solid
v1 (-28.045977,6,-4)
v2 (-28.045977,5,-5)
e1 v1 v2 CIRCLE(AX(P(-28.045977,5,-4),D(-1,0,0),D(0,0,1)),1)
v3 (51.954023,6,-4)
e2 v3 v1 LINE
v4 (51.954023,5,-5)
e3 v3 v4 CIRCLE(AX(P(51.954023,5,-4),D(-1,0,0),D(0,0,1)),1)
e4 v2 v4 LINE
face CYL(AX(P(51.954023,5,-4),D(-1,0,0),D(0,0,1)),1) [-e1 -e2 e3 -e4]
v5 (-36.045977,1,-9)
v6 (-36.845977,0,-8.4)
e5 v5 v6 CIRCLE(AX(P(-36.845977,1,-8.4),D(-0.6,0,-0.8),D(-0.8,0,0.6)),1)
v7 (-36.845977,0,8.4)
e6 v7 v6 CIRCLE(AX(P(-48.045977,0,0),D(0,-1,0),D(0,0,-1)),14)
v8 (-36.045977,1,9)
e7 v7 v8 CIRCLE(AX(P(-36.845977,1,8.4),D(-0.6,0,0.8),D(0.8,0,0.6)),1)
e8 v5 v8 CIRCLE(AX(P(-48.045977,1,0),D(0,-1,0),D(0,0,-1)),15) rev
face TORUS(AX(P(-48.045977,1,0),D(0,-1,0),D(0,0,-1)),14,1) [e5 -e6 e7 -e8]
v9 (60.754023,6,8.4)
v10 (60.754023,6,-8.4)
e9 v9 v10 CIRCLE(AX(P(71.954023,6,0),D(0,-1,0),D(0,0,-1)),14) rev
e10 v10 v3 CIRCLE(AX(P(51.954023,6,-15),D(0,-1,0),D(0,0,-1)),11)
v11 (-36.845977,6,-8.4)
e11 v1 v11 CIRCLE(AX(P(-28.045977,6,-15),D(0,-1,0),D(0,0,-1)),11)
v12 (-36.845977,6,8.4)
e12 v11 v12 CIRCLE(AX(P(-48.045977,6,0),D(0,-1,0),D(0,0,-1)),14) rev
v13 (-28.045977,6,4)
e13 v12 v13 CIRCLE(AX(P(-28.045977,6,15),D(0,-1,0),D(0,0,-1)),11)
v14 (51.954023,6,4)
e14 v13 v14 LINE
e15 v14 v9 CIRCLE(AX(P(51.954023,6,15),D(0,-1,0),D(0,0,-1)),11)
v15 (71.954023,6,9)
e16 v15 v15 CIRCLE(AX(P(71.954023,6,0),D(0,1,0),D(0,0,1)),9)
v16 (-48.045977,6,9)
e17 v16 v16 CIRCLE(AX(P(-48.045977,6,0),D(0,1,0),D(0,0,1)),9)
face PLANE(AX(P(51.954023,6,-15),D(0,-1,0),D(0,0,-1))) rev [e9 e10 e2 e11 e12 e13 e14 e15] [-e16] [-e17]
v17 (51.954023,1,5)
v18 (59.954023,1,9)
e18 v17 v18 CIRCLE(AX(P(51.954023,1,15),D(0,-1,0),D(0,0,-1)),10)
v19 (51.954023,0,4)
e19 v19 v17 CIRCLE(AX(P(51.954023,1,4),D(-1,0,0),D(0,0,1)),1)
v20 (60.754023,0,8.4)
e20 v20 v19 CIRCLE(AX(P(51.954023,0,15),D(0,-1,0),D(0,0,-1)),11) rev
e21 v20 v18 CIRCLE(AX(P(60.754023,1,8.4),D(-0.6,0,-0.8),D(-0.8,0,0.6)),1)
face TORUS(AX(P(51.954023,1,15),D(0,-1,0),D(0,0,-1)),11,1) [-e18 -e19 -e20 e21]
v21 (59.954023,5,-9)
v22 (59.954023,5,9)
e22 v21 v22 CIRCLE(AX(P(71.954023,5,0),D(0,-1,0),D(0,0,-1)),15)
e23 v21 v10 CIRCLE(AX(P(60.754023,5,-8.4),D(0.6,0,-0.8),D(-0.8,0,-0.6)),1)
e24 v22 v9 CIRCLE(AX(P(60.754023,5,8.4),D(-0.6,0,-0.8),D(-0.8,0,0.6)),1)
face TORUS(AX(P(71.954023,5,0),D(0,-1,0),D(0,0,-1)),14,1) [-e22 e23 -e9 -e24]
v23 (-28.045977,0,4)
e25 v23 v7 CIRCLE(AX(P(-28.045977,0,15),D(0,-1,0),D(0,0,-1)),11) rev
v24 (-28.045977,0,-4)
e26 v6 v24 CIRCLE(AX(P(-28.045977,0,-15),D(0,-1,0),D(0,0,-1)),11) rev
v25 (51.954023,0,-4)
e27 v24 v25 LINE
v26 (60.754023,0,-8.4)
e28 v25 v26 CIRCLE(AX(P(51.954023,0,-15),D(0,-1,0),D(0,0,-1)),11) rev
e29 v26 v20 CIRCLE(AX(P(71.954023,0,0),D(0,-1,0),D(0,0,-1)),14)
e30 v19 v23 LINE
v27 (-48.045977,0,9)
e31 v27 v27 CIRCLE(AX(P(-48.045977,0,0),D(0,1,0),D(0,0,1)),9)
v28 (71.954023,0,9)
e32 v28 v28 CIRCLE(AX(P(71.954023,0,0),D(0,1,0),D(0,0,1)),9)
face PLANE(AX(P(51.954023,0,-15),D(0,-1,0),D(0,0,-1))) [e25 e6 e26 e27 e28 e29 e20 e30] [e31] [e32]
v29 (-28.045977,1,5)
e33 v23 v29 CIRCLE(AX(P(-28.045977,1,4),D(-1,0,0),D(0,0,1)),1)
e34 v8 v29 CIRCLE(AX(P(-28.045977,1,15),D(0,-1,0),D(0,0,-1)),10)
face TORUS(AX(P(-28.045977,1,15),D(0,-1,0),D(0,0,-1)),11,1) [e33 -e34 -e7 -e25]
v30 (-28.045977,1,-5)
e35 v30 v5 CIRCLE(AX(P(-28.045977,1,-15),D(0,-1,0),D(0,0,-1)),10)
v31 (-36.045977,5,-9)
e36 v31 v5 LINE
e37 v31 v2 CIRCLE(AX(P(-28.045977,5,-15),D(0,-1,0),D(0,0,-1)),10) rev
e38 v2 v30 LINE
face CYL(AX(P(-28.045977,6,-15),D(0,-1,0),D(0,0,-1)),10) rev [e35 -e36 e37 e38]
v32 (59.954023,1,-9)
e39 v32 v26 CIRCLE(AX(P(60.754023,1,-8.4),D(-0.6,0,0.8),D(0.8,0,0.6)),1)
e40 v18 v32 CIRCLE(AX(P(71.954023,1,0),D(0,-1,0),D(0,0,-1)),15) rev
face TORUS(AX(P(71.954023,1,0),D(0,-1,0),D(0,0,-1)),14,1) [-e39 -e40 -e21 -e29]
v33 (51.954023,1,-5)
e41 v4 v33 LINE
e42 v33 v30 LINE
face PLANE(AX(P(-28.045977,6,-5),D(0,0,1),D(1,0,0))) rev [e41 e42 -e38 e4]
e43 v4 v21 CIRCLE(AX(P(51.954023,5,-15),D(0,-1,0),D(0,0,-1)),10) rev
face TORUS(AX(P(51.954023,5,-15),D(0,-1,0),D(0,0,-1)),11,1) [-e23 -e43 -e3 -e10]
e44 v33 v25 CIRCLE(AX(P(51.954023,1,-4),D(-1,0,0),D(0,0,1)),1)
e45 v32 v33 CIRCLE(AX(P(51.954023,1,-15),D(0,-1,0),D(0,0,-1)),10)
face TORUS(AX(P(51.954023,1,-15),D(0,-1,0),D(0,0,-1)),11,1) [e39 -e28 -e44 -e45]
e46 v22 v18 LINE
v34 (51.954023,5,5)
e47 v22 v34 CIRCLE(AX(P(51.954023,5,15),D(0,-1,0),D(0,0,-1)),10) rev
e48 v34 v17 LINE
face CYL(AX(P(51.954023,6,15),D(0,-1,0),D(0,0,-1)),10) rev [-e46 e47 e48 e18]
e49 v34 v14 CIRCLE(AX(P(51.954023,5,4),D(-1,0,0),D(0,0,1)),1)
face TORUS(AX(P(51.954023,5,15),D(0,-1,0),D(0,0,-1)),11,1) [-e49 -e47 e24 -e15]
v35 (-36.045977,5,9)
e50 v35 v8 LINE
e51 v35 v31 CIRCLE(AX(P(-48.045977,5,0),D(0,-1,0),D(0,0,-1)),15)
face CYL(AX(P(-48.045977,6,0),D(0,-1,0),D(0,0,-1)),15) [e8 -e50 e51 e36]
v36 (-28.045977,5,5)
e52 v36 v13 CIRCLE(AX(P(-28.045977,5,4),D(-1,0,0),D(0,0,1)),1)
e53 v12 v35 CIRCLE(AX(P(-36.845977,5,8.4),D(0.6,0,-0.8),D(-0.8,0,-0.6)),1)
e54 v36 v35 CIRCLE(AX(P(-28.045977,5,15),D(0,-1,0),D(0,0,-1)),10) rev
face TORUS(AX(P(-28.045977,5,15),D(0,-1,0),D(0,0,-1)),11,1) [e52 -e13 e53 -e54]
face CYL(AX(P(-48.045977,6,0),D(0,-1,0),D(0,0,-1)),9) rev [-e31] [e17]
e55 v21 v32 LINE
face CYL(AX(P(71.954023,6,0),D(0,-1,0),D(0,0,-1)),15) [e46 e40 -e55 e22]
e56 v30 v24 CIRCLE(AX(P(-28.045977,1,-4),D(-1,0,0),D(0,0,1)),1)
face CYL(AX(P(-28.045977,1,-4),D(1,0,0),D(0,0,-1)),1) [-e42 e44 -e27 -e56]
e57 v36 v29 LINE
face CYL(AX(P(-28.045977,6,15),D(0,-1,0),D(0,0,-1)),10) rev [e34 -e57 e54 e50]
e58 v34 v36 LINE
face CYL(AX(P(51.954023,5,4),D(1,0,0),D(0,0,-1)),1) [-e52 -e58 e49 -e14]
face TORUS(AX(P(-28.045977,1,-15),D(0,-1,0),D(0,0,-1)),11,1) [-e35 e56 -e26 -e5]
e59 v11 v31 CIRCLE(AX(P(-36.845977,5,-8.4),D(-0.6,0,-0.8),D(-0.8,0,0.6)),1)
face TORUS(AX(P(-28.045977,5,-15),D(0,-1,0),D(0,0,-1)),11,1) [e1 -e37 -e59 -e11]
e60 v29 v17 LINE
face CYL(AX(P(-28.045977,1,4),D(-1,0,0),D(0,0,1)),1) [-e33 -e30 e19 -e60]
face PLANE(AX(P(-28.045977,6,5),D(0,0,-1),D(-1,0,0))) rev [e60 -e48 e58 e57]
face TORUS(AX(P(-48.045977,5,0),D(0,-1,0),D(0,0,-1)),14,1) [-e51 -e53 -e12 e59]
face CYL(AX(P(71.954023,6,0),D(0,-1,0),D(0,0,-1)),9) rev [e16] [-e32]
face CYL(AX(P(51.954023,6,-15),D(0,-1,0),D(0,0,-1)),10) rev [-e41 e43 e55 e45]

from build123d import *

# Parameters (mm, degrees)
SKETCH1_R           = 9
BOSS_EXTRUDE1_DEPTH = 6
FILLET1_R           = 1


with BuildPart() as part:
    # Sketch1 → Boss-Extrude1 (new body)
    with BuildSketch(Plane(origin=(0, 0, 0), x_dir=(1, 0, 0), z_dir=(0, 1, 0))):
        with BuildLine():
            Line((-28.045977011, 5), (51.954022989, 5))
            ThreePointArc((51.954022989, 5), (56.426158944, 6.05572809), (59.954022989, 9))
            ThreePointArc((59.954022989, 9), (86.954022989, 0), (59.954022989, -9))
            ThreePointArc((59.954022989, -9), (56.426158944, -6.05572809), (51.954022989, -5))
            Line((51.954022989, -5), (-28.045977011, -5))
            ThreePointArc((-28.045977011, -5), (-32.518112966, -6.05572809), (-36.045977011, -9))
            ThreePointArc((-36.045977011, -9), (-63.045977011, 0), (-36.045977011, 9))
            ThreePointArc((-36.045977011, 9), (-32.518112966, 6.05572809), (-28.045977011, 5))
        make_face()
        with Locations(Location((-48.045977011, 0, 0), (0, 0, 270))):
            Circle(SKETCH1_R, mode=Mode.SUBTRACT)
        with Locations(Location((71.954022989, 0, 0), (0, 0, 270))):
            Circle(SKETCH1_R, mode=Mode.SUBTRACT)
    extrude(amount=BOSS_EXTRUDE1_DEPTH)

    # Fillet1
    fillet1_edges = [part.edges().sort_by_distance(p)[0] for p in [
        (-63.045977011, 0, 0),
        (-32.518112966, 0, -6.05572809),
        (11.954022989, 0, -5),
        (56.426158944, 0, -6.05572809),
        (-32.518112966, 6, -6.05572809),
        (-63.045977011, 6, 0),
        (-32.518112966, 6, 6.05572809),
        (11.954022989, 6, 5),
        (56.426158944, 6, 6.05572809),
        (86.954022989, 6, 0),
        (56.426158944, 6, -6.05572809),
        (86.954022989, 0, 0),
        (11.954022989, 6, -5),
        (56.426158944, 0, 6.05572809),
        (11.954022989, 0, 5),
        (-32.518112966, 0, 6.05572809),
    ]]
    fillet(fillet1_edges, radius=FILLET1_R)


solid = part.part
